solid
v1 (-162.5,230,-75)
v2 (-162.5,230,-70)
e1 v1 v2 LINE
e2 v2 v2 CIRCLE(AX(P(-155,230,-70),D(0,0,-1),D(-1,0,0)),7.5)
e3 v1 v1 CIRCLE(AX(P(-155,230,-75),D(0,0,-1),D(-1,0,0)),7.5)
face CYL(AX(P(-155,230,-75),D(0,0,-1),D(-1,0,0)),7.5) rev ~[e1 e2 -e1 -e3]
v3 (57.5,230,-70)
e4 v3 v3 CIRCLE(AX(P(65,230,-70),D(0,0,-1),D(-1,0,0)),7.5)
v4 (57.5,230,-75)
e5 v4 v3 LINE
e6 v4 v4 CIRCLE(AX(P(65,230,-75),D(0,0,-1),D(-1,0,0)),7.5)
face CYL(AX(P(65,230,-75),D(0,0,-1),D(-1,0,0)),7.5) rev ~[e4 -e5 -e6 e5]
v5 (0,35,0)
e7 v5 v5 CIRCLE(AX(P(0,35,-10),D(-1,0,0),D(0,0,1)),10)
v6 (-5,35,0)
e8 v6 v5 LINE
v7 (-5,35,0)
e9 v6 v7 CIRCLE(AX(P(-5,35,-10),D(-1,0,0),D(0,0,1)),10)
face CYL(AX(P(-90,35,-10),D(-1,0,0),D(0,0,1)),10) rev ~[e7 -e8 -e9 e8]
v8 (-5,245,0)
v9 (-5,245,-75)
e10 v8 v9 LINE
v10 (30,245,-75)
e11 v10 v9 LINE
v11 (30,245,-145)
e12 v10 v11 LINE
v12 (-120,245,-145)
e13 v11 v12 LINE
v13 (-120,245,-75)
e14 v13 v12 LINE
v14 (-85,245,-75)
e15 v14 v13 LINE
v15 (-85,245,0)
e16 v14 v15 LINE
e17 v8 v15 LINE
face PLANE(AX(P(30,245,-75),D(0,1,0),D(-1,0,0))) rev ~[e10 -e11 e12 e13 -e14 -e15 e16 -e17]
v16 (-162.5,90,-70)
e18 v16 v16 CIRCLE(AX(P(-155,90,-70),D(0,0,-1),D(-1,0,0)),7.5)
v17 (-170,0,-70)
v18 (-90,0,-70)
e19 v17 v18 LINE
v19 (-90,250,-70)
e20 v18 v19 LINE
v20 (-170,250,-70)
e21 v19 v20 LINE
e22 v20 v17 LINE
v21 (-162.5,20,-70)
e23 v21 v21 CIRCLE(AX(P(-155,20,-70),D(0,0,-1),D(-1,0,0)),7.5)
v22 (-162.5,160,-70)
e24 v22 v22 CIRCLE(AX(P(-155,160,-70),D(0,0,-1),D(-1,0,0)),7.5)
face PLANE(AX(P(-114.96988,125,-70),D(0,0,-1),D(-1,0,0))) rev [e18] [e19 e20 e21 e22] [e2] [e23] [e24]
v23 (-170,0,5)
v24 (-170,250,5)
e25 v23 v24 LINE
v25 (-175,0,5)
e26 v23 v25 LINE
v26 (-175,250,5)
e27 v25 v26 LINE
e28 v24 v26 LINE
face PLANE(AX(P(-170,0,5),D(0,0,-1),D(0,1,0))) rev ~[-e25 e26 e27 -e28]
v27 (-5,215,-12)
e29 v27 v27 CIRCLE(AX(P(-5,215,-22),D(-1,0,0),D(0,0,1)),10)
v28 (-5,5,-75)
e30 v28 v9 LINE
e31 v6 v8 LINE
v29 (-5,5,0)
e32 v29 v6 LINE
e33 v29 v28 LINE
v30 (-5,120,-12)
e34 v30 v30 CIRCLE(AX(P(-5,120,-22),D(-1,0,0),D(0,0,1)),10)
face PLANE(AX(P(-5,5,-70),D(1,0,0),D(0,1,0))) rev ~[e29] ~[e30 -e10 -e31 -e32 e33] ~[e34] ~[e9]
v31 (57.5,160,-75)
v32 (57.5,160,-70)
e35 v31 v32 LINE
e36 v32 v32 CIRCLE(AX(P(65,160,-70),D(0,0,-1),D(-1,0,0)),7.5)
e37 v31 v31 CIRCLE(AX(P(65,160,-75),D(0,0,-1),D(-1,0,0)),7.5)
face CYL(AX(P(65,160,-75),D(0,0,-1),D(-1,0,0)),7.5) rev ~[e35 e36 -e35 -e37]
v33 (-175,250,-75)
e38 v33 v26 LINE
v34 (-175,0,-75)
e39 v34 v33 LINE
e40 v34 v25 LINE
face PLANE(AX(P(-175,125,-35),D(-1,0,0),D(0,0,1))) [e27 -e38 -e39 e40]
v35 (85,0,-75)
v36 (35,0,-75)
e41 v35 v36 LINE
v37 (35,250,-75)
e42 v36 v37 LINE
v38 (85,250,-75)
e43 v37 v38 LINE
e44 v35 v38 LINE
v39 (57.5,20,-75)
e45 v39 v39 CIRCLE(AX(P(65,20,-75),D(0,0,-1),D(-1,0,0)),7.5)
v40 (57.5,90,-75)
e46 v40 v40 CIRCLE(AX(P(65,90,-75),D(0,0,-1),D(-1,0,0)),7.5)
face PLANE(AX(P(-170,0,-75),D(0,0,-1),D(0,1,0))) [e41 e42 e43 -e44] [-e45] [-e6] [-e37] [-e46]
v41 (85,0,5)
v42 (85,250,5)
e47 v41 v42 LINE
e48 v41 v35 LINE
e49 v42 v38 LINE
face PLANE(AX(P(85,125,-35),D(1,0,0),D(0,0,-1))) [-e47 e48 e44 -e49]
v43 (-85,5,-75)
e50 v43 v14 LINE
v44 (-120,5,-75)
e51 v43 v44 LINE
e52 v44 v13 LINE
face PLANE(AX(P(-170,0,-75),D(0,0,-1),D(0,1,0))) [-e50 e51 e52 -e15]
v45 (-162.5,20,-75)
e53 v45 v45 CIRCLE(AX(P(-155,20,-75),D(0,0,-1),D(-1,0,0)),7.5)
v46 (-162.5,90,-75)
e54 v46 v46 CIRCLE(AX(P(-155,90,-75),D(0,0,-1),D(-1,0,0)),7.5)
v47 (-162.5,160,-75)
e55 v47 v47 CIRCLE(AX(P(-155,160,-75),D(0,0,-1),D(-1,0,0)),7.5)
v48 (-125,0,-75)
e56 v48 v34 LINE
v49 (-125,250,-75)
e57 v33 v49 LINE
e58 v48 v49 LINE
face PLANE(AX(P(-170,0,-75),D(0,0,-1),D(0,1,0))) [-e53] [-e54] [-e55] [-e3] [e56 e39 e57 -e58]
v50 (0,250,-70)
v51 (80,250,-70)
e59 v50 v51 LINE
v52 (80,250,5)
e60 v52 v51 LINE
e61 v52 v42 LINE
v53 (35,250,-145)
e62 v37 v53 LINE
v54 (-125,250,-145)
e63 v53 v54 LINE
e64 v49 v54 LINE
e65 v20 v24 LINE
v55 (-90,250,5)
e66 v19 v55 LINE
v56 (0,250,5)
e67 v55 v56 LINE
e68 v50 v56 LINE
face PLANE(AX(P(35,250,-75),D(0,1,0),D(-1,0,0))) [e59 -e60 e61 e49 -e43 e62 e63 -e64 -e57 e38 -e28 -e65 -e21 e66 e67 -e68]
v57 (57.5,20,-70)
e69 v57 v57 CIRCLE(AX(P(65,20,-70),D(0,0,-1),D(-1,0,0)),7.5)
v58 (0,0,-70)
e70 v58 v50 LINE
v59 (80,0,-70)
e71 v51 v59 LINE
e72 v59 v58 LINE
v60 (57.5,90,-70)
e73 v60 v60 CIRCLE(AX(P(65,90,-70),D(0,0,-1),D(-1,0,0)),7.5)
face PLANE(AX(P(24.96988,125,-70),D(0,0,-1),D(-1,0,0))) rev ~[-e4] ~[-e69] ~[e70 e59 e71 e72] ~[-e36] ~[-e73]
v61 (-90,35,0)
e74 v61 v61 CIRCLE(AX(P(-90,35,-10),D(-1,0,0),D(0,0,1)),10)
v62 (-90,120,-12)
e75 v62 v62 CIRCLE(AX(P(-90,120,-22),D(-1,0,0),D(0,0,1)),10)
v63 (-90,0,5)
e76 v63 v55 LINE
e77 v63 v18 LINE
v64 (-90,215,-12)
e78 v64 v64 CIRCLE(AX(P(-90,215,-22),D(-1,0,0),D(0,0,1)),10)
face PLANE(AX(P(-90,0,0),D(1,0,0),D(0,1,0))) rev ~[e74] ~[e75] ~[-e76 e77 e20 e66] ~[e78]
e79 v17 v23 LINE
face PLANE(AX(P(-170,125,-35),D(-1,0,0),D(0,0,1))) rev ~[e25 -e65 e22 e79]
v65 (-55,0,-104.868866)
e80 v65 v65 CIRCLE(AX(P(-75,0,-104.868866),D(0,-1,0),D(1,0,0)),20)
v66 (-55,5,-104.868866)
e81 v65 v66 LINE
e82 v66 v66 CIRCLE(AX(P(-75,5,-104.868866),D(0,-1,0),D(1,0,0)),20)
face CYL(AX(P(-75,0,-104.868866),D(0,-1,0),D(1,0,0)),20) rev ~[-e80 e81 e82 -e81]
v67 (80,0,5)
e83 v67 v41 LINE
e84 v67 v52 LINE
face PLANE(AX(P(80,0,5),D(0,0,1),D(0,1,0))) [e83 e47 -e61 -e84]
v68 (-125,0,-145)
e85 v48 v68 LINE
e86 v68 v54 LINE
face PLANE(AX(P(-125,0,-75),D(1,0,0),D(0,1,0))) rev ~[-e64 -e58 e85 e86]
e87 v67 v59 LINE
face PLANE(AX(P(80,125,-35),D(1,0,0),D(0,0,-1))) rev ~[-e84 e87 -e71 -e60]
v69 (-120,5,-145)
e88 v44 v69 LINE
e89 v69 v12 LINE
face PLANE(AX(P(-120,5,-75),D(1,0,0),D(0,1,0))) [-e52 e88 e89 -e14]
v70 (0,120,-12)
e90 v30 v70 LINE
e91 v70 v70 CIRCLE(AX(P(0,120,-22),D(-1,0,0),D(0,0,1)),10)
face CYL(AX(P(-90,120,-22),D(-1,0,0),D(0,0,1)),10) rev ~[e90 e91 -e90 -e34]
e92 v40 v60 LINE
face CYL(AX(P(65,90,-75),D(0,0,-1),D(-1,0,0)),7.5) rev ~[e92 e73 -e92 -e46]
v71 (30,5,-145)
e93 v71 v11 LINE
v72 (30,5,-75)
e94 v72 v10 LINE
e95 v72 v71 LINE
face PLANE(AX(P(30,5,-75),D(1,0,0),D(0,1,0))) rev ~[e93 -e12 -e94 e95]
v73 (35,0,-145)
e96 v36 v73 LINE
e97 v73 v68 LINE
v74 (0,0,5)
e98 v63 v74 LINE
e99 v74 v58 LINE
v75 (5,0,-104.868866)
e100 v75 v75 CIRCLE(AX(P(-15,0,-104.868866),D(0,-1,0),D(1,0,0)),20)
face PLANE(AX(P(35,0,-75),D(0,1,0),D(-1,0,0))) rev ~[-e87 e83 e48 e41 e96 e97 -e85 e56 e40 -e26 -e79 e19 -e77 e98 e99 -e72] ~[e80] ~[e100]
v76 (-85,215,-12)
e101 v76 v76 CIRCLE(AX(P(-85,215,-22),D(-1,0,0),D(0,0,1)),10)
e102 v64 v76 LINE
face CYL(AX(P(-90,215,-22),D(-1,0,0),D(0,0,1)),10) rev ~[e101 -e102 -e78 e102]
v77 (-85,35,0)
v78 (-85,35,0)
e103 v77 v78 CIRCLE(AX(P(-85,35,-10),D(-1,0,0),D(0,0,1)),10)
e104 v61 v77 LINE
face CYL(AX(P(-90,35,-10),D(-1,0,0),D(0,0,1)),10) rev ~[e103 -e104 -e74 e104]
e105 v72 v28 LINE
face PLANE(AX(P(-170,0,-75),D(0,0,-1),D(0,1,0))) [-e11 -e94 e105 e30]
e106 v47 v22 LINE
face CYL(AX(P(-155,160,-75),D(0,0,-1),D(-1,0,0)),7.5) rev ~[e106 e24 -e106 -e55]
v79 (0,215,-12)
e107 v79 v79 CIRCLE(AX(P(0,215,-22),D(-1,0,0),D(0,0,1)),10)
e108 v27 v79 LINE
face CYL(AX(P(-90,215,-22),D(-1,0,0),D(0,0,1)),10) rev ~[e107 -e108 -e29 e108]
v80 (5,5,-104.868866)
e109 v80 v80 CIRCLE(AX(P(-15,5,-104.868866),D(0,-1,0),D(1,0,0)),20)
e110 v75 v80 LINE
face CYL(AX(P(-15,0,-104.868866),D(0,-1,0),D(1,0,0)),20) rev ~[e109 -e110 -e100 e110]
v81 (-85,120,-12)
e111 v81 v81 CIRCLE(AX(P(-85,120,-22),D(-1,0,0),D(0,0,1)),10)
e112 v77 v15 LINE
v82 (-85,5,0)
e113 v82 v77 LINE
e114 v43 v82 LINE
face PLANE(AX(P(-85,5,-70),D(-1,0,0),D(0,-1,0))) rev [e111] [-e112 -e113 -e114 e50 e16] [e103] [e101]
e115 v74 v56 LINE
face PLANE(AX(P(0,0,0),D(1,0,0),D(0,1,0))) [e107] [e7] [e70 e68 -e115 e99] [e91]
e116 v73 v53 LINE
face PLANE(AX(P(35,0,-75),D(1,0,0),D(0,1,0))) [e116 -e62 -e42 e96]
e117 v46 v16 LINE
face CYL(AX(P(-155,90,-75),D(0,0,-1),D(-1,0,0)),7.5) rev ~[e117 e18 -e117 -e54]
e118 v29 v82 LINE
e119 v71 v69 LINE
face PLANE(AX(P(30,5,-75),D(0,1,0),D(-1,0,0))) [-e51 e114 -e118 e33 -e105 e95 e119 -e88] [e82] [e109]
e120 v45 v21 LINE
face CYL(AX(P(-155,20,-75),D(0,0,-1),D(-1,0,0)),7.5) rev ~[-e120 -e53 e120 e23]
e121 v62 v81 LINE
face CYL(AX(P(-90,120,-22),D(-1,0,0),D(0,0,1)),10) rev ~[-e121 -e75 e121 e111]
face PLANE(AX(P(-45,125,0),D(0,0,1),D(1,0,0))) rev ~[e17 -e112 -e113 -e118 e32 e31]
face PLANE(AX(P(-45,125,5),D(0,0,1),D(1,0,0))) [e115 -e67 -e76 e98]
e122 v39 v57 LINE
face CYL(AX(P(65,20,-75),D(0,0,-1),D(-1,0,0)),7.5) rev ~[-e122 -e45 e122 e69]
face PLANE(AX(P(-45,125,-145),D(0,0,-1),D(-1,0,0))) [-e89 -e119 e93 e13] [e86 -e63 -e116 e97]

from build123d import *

# Parameters (mm, degrees)
ESQUISSE1_W             = 90
ESQUISSE1_H             = 250
BOSS_EXTRU_1_DEPTH      = 5
ESQUISSE2_W             = 90
ESQUISSE2_H             = 250
ESQUISSE2_W_2           = 80
ESQUISSE2_H_2           = 240
BOSS_EXTRU_2_DEPTH      = 70
BOSS_EXTRU_3_DEPTH      = 5
ESQUISSE4_R             = 10
ENL_V_MAT_EXTRU_2_DEPTH = 171
ESQUISSE5_W             = 80
ESQUISSE5_H             = 250
BOSS_EXTRU_4_DEPTH      = 5
ESQUISSE6_W             = 80
ESQUISSE6_H             = 250
BOSS_EXTRU_5_DEPTH      = 5
ESQUISSE7_W             = 160
ESQUISSE7_H             = 250
ESQUISSE7_W_2           = 150
ESQUISSE7_H_2           = 240
BOSS_EXTRU_6_DEPTH      = 70
ESQUISSE10_R            = 7.5
ENL_V_MAT_EXTRU_3_DEPTH = 50
ESQUISSE12_R            = 20
ENL_V_MAT_EXTRU_4_DEPTH = 10


with BuildPart() as part:
    # Esquisse1 → Boss.-Extru.1 (new body)
    with BuildSketch(Plane.XY):
        with Locations((-45, 125)):
            Rectangle(ESQUISSE1_W, ESQUISSE1_H)
    extrude(amount=BOSS_EXTRU_1_DEPTH)

    # Esquisse2 → Boss.-Extru.2 (add)
    with BuildSketch(Plane(origin=(0, 0, 0), x_dir=(-1, 0, 0), z_dir=(0, 0, -1))):
        with Locations((45, 125)):
            Rectangle(ESQUISSE2_W, ESQUISSE2_H)
        with Locations((45, 125)):
            Rectangle(ESQUISSE2_W_2, ESQUISSE2_H_2, mode=Mode.SUBTRACT)
    extrude(amount=BOSS_EXTRU_2_DEPTH)

    # Esquisse3 → Boss.-Extru.3 (add)
    with BuildSketch(Plane(origin=(0, 0, -70), x_dir=(-1, 0, 0), z_dir=(0, 0, -1))):
        Polygon((6.025463364, 250), (-80, 250), (-80, 0), (-15, 0), (45, 0), (45, 5), (5, 5), (5, 245), (45, 245), (45, 250), align=None)
    boss_extru_3 = extrude(amount=BOSS_EXTRU_3_DEPTH)

    # Symétrie1: Boss.-Extru.3 across plane
    add(boss_extru_3.mirror(Plane(origin=(-45, 245, -75), x_dir=(0, 0, 1), z_dir=(1, 0, 0))))

    # Esquisse4 → Enlèv. mat.-Extru.2 (cut, through all)
    with BuildSketch(Plane.ZY.offset(90)):
        with Locations((-22, 215)):
            Circle(ESQUISSE4_R)
        with Locations((-22, 120)):
            Circle(ESQUISSE4_R)
        with Locations((-10, 35)):
            Circle(ESQUISSE4_R)
    extrude(amount=-ENL_V_MAT_EXTRU_2_DEPTH, mode=Mode.SUBTRACT)

    # Esquisse5 → Boss.-Extru.4 (add)
    with BuildSketch(Plane(origin=(80, 0, 0), x_dir=(0, 0, -1), z_dir=(1, 0, 0))):
        with Locations((35, 125)):
            Rectangle(ESQUISSE5_W, ESQUISSE5_H)
    extrude(amount=BOSS_EXTRU_4_DEPTH)

    # Esquisse6 → Boss.-Extru.5 (add)
    with BuildSketch(Plane.ZY.offset(170)):
        with Locations((-35, 125)):
            Rectangle(ESQUISSE6_W, ESQUISSE6_H)
    extrude(amount=BOSS_EXTRU_5_DEPTH)

    # Esquisse7 → Boss.-Extru.6 (add)
    with BuildSketch(Plane(origin=(0, 0, -75), x_dir=(-1, 0, 0), z_dir=(0, 0, -1))):
        with Locations((45, 125)):
            Rectangle(ESQUISSE7_W, ESQUISSE7_H)
        with Locations((45, 125)):
            Rectangle(ESQUISSE7_W_2, ESQUISSE7_H_2, mode=Mode.SUBTRACT)
    extrude(amount=BOSS_EXTRU_6_DEPTH)

    # Esquisse10 → Enlèv. mat.-Extru.3 (cut)
    with BuildSketch(Plane(origin=(0, 0, -75), x_dir=(-1, 0, 0), z_dir=(0, 0, -1))):
        with Locations((155, 230)):
            Circle(ESQUISSE10_R)
        with Locations((-65, 230)):
            Circle(ESQUISSE10_R)
        with Locations((-65, 160)):
            Circle(ESQUISSE10_R)
        with Locations((155, 160)):
            Circle(ESQUISSE10_R)
        with Locations((-65, 90)):
            Circle(ESQUISSE10_R)
        with Locations((155, 90)):
            Circle(ESQUISSE10_R)
        with Locations((-65, 20)):
            Circle(ESQUISSE10_R)
        with Locations((155, 20)):
            Circle(ESQUISSE10_R)
    extrude(amount=-ENL_V_MAT_EXTRU_3_DEPTH, mode=Mode.SUBTRACT)

    # Esquisse12 → Enlèv. mat.-Extru.4 (cut)
    with BuildSketch(Plane.XZ):
        with Locations((-15, -104.868866133)):
            Circle(ESQUISSE12_R)
        with Locations((-75, -104.868866133)):
            Circle(ESQUISSE12_R)
    extrude(amount=-ENL_V_MAT_EXTRU_4_DEPTH, mode=Mode.SUBTRACT)


solid = part.part
